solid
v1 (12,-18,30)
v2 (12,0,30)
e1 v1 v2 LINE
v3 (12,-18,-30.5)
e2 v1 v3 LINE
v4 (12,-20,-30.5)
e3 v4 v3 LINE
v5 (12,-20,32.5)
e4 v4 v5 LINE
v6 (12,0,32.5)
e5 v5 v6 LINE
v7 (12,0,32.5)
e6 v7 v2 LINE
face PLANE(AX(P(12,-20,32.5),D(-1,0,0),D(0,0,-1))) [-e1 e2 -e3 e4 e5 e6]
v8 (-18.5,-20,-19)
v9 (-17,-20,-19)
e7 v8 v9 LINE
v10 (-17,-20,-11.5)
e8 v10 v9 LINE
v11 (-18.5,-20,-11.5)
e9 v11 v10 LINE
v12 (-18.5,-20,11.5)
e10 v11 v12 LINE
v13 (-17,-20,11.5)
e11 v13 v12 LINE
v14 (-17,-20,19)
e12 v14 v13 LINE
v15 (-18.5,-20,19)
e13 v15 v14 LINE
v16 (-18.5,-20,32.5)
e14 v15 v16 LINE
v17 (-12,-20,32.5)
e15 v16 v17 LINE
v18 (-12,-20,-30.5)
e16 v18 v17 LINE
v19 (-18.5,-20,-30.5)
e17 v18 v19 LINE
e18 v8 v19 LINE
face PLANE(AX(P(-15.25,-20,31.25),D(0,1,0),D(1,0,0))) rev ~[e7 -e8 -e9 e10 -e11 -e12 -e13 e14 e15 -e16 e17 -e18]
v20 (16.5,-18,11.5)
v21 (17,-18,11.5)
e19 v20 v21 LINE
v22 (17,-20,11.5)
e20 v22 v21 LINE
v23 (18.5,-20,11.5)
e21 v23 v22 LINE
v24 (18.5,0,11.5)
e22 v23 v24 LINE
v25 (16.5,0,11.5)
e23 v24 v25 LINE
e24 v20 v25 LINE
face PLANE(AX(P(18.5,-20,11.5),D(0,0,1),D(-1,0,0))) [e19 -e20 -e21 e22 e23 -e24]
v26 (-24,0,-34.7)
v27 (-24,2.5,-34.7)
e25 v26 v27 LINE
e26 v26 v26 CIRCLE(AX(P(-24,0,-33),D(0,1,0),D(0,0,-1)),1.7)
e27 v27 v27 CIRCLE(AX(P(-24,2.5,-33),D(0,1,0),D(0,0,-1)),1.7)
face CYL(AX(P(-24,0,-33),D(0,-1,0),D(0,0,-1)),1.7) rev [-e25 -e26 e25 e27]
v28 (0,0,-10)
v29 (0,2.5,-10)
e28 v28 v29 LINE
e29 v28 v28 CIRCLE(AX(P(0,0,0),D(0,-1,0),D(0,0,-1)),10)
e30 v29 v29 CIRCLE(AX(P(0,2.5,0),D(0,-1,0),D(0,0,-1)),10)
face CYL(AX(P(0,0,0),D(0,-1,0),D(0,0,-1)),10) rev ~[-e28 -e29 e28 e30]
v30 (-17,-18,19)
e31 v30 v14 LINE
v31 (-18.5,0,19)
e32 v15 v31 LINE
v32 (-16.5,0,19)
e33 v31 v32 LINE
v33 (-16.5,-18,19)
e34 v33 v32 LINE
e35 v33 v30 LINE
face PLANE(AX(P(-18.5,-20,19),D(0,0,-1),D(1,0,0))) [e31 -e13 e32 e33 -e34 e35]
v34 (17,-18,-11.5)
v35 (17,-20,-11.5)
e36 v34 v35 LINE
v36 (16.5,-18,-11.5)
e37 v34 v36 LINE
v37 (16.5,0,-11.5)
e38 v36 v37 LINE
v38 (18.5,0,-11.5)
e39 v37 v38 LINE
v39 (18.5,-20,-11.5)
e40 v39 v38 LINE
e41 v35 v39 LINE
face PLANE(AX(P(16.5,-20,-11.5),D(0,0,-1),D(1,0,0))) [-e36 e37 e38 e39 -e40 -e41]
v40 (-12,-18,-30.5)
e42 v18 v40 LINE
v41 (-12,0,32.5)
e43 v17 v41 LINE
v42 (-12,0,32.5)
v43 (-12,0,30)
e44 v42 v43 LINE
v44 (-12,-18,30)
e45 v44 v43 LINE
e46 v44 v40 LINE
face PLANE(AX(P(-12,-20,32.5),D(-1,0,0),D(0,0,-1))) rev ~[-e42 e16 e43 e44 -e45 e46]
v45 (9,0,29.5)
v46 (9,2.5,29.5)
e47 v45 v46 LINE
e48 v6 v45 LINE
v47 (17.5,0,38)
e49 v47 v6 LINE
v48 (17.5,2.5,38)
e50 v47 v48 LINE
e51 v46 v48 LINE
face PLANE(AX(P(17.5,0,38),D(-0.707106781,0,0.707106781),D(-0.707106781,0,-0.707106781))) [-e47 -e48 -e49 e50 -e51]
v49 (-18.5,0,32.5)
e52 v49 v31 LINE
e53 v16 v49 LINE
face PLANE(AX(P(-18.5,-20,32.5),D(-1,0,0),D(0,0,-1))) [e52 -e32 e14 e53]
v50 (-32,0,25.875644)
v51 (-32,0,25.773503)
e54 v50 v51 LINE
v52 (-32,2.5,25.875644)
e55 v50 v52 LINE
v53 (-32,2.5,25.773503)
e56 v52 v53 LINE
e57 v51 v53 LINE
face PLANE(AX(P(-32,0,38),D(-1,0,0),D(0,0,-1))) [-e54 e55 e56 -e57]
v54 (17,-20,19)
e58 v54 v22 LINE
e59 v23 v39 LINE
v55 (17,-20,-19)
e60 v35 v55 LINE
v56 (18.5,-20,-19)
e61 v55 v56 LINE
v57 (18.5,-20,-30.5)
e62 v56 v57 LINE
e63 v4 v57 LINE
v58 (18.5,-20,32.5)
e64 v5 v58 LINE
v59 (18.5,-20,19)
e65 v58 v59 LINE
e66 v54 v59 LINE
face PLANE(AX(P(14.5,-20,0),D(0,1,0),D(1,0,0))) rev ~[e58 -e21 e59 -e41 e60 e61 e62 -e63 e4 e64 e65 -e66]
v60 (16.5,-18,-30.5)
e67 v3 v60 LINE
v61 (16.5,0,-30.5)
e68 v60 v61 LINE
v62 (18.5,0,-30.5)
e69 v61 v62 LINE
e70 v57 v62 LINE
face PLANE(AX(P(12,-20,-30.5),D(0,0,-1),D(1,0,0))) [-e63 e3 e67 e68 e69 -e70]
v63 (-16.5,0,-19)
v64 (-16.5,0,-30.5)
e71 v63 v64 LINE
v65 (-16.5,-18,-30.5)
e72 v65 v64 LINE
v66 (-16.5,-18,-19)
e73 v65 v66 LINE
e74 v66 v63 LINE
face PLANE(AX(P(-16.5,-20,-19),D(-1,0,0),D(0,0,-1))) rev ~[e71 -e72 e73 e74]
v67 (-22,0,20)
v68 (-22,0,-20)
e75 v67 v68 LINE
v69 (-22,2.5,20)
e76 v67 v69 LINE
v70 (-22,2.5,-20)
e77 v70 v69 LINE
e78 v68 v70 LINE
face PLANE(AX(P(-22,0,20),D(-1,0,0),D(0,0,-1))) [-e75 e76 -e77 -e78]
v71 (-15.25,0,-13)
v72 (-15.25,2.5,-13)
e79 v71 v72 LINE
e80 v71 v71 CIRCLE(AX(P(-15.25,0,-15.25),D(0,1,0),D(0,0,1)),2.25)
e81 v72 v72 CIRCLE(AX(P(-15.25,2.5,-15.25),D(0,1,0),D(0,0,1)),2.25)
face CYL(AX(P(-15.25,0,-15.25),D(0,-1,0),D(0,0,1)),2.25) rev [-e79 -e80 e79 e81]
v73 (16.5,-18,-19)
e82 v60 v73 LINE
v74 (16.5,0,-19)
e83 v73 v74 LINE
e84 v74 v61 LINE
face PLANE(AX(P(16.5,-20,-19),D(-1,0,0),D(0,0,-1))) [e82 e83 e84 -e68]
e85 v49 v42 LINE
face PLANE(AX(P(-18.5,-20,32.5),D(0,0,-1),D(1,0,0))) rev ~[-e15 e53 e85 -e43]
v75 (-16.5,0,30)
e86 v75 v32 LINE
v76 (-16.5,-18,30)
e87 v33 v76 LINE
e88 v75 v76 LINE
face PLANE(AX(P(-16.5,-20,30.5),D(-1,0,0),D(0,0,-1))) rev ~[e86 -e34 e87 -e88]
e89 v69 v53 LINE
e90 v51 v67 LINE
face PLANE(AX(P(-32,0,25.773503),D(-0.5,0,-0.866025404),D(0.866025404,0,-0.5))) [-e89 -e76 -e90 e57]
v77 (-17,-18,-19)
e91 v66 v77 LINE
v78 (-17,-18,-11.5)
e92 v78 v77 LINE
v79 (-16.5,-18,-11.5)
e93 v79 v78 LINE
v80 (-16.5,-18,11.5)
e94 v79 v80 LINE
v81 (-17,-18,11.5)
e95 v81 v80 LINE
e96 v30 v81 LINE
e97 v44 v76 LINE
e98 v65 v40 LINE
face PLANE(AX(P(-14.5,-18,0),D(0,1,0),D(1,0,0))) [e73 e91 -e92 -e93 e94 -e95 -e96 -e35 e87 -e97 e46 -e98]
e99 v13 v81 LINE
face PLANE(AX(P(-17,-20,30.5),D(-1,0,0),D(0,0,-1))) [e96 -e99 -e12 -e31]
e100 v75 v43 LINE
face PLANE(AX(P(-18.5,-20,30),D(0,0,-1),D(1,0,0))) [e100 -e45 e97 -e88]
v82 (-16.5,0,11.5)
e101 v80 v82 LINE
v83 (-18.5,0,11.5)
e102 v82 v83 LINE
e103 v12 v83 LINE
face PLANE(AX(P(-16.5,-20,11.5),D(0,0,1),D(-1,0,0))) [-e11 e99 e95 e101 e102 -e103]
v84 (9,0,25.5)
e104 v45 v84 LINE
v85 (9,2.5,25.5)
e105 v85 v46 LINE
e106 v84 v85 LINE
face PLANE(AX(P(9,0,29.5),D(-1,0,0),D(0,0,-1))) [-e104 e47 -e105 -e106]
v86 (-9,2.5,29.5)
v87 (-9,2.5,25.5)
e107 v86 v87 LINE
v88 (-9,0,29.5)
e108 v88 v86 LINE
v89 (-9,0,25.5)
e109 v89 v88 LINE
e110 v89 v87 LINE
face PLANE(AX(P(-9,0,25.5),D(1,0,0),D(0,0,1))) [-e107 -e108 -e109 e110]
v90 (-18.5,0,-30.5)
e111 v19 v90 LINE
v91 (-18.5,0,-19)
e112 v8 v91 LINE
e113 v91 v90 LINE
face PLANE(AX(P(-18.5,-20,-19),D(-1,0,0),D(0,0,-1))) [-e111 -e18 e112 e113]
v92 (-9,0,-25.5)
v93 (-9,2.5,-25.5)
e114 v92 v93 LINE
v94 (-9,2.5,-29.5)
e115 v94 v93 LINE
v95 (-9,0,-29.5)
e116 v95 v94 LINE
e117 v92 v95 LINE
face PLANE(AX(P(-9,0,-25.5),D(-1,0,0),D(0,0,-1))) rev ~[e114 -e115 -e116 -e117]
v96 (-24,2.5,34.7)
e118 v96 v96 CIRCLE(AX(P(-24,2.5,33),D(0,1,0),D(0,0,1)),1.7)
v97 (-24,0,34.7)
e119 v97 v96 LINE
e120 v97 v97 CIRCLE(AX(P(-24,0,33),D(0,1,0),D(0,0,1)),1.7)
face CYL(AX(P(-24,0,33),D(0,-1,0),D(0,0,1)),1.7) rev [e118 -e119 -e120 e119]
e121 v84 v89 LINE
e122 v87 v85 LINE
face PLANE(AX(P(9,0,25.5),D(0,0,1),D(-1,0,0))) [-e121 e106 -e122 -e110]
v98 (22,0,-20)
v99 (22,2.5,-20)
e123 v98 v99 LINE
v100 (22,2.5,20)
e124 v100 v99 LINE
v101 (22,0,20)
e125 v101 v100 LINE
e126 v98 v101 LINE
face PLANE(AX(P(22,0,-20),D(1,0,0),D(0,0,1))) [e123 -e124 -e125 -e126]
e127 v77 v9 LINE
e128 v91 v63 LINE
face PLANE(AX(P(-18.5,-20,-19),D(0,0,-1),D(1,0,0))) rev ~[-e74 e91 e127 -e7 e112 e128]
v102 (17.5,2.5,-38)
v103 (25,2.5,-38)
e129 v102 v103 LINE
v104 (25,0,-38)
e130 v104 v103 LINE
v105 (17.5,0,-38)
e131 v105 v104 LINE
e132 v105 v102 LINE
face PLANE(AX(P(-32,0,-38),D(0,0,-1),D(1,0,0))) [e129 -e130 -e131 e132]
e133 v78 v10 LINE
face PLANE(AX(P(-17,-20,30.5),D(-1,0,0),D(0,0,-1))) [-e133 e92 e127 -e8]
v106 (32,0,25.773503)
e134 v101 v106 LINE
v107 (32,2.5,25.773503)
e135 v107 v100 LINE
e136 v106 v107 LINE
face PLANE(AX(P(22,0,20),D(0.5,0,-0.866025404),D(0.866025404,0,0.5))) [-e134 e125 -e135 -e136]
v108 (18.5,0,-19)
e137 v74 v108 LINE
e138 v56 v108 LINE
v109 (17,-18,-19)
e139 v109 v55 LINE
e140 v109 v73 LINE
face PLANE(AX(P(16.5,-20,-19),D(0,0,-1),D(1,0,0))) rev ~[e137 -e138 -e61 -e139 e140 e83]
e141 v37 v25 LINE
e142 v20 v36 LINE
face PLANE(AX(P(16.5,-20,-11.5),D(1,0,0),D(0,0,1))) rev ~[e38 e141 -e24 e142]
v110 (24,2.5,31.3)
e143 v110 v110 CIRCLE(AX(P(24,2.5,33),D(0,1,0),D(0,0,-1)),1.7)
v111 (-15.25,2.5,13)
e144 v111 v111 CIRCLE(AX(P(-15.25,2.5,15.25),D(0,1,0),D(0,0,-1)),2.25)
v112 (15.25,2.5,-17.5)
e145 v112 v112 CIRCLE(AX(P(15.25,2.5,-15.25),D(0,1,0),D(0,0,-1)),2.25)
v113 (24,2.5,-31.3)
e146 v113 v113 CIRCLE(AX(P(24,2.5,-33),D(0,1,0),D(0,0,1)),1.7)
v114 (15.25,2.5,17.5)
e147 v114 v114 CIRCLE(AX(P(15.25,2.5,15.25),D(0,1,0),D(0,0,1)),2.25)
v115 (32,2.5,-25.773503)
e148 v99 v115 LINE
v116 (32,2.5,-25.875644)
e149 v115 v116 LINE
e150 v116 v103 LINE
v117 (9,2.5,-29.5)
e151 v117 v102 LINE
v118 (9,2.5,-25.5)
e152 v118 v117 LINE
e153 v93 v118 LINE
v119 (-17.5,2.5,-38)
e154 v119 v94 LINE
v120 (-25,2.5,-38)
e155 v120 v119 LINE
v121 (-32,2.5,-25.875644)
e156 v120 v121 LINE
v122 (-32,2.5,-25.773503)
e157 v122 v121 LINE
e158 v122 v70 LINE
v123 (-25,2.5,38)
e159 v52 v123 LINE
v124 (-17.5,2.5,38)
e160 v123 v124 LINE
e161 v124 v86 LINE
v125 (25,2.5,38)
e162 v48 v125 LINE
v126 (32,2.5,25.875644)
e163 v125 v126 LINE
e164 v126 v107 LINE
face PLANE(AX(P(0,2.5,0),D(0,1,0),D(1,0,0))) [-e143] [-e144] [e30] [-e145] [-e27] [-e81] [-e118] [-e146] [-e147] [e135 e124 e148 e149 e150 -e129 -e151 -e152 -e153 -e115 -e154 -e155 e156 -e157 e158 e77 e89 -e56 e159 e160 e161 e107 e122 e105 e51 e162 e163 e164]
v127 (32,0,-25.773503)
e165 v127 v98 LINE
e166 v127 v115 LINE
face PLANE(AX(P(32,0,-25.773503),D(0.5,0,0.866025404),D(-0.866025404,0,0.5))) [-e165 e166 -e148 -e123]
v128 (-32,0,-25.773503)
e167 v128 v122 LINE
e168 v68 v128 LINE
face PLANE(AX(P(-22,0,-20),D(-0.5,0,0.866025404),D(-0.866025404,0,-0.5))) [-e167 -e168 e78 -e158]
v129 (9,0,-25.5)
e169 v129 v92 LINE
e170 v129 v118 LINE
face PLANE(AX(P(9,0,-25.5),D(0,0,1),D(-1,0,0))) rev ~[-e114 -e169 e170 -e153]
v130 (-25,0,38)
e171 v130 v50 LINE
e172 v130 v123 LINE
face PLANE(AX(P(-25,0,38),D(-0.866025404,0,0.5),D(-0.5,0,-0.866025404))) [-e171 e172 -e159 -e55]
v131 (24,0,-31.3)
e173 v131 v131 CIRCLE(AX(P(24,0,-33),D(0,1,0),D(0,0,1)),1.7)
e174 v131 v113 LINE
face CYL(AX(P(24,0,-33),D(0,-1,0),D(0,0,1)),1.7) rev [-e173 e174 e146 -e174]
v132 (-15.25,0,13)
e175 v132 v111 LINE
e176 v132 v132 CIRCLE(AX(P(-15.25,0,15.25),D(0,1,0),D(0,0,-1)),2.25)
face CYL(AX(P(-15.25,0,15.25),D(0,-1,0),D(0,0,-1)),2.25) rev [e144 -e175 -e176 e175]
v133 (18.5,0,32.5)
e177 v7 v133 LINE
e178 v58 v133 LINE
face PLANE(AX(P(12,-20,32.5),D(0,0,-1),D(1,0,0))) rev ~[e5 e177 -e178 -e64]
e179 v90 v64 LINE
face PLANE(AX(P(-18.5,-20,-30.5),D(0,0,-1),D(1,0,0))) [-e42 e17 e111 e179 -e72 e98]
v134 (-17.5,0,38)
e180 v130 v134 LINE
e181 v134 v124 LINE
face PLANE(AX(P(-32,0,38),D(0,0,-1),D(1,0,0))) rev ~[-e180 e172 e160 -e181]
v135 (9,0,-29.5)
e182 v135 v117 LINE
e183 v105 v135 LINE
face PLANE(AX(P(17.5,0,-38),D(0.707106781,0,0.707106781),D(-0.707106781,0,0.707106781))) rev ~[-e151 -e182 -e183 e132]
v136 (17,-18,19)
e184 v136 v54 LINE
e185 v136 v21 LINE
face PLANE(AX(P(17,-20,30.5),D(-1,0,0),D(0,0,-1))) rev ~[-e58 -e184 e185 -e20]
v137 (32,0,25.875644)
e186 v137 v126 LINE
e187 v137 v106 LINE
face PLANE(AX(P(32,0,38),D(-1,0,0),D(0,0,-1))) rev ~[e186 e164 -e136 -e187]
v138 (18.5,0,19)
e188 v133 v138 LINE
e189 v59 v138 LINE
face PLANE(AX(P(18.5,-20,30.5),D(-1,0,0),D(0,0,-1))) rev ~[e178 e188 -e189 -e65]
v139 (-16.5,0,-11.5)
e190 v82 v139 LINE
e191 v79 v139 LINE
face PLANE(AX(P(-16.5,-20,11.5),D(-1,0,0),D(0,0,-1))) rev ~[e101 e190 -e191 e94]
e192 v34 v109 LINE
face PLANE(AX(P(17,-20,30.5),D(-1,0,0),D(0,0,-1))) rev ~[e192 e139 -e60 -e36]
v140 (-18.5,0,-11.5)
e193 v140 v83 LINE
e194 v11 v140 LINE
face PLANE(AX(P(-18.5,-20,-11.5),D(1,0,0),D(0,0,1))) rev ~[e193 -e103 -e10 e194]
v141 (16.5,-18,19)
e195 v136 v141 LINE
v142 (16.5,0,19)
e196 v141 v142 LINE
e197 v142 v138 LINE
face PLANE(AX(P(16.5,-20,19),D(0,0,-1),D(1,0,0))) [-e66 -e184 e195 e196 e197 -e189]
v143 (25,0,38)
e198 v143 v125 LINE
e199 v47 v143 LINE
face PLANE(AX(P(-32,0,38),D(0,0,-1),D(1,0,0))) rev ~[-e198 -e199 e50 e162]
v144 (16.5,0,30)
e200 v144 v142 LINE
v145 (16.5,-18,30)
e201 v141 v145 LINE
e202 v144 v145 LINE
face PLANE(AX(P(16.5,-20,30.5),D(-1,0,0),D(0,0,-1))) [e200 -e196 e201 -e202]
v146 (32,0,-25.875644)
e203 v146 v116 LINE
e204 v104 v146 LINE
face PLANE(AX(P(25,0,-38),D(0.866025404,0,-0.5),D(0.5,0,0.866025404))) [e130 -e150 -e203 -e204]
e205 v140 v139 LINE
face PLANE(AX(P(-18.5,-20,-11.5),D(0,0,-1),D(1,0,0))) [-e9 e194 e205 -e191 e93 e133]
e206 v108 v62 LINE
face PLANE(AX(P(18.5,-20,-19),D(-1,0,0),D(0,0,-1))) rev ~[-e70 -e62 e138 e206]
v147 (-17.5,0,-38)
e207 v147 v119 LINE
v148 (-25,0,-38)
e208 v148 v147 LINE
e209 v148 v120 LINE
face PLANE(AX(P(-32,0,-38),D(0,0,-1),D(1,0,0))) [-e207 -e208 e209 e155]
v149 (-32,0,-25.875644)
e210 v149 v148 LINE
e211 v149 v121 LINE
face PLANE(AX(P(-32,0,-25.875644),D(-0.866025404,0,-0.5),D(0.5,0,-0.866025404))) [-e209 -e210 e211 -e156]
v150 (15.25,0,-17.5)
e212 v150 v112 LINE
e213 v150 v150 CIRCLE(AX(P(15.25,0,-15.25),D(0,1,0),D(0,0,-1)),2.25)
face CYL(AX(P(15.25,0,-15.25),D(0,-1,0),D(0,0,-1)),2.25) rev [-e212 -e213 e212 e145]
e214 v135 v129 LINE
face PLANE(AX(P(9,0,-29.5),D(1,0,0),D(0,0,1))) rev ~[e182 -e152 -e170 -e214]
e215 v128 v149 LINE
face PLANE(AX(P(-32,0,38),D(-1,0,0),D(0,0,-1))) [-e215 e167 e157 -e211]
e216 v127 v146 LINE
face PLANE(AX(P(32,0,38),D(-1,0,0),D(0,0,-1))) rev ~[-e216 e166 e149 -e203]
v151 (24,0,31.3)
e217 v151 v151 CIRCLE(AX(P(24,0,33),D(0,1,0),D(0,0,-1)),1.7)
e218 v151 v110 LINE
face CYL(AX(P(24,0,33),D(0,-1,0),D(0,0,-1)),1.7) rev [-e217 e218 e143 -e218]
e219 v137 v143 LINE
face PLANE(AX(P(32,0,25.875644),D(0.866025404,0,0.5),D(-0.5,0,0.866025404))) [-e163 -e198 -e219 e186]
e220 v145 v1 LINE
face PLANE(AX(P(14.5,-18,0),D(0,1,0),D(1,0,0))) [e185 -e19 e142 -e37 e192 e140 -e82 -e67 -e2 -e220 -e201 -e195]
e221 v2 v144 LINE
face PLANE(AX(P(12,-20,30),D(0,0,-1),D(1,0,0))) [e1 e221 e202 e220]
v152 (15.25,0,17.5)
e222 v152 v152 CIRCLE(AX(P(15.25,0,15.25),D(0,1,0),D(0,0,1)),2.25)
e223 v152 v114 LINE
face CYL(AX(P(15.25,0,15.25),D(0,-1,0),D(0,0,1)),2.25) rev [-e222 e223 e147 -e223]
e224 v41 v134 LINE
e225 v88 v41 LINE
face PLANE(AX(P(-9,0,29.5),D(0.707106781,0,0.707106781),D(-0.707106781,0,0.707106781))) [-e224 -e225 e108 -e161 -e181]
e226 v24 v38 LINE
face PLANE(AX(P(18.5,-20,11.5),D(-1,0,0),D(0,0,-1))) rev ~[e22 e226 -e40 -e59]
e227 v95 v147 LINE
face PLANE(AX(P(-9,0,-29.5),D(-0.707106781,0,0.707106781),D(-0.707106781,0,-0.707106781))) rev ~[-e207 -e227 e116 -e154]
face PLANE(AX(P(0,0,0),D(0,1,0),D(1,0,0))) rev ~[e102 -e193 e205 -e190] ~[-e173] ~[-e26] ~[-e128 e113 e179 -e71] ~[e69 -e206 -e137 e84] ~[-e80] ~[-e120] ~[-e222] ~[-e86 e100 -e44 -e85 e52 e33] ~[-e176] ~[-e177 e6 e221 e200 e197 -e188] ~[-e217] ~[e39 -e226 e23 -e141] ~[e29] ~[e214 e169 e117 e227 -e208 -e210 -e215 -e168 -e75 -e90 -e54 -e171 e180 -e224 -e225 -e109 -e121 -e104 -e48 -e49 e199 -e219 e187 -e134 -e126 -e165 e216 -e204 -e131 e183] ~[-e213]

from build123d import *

# Parameters (mm, degrees)
SKETCH_1_W          = 64
SKETCH_1_H          = 76
SKETCH_1_R          = 2.25
SKETCH_1_R_2        = 1.7
EXTRUDE_1_DEPTH     = 2.5
EXTRUDE_START       = -20
SKETCH_2_W          = 5
SKETCH_2_H          = 61
EXTRUDE_2_DEPTH     = 2
EXTRUDE_2_2_DEPTH   = 2
SKETCH_3_W          = 2
SKETCH_3_H          = 11.5
EXTRUDE_3_DEPTH     = 20
SKETCH_4_W          = 6.5
SKETCH_4_H          = 2.5
EXTRUDE_4_DEPTH     = 20
SKETCH_5_R          = 10
CUT_EXTRUDE_1_DEPTH = 10


with BuildPart() as part:
    # 草图1 → 凸台-拉伸1 (new body)
    with BuildSketch(Plane(origin=(0, 0, 0), x_dir=(1, 0, 0), z_dir=(0, 1, 0))):
        Rectangle(SKETCH_1_W, SKETCH_1_H)
        with Locations(Location((-15.25, 15.25, 0), (0, 0, 270))):
            Circle(SKETCH_1_R, mode=Mode.SUBTRACT)
        with Locations(Location((-24, -33, 0), (0, 0, 270))):
            Circle(SKETCH_1_R_2, mode=Mode.SUBTRACT)
        with Locations(Location((24, -33, 0), (0, 0, 90))):
            Circle(SKETCH_1_R_2, mode=Mode.SUBTRACT)
        with Locations(Location((24, 33, 0), (0, 0, 270))):
            Circle(SKETCH_1_R_2, mode=Mode.SUBTRACT)
        with Locations(Location((-24, 33, 0), (0, 0, 90))):
            Circle(SKETCH_1_R_2, mode=Mode.SUBTRACT)
        with Locations(Location((15.25, 15.25, 0), (0, 0, 90))):
            Circle(SKETCH_1_R, mode=Mode.SUBTRACT)
        with Locations(Location((15.25, -15.25, 0), (0, 0, 270))):
            Circle(SKETCH_1_R, mode=Mode.SUBTRACT)
        with Locations(Location((-15.25, -15.25, 0), (0, 0, 90))):
            Circle(SKETCH_1_R, mode=Mode.SUBTRACT)
    extrude(amount=EXTRUDE_1_DEPTH)



with BuildPart() as body_2:
    # 草图2 → 凸台-拉伸2 (new body)
    with BuildSketch(Plane(origin=(0, 0, 0), x_dir=(1, 0, 0), z_dir=(0, 1, 0)).offset(EXTRUDE_START)):
        with Locations((14.5, 0)):
            Rectangle(SKETCH_2_W, SKETCH_2_H)
    extrude(amount=EXTRUDE_2_DEPTH)


with BuildPart() as body_3:
    # 草图2 → Extrude 2 2 (new body)
    with BuildSketch(Plane(origin=(0, 0, 0), x_dir=(1, 0, 0), z_dir=(0, 1, 0)).offset(EXTRUDE_START)):
        with Locations((-14.5, 0)):
            Rectangle(SKETCH_2_W, SKETCH_2_H)
    extrude(amount=EXTRUDE_2_2_DEPTH)


with BuildPart() as part_1:
    add(part.part)

    add(body_2.part)  # 凸台-拉伸3 merges body 2

    add(body_3.part)  # 凸台-拉伸3 merges body 3
    # 草图3 → 凸台-拉伸3 (add)
    with BuildSketch(Plane(origin=(0, 0, 0), x_dir=(1, 0, 0), z_dir=(0, 1, 0)).offset(EXTRUDE_START)):
        with Locations((17.5, -24.75)):
            Rectangle(SKETCH_3_W, SKETCH_3_H)
        with Locations((-17.5, -24.75)):
            Rectangle(SKETCH_3_W, SKETCH_3_H)
        Polygon((16.5, -1), (16.5, 11.5), (18.5, 11.5), (18.5, -1), (18.5, -11.5), (16.5, -11.5), align=None)
        with Locations((17.5, 24.75)):
            Rectangle(SKETCH_3_W, SKETCH_3_H)
        Polygon((-18.5, -1), (-18.5, 11.5), (-16.5, 11.5), (-16.5, -1), (-16.5, -11.5), (-18.5, -11.5), align=None)
        with Locations((-17.5, 24.75)):
            Rectangle(SKETCH_3_W, SKETCH_3_H)
    extrude(amount=EXTRUDE_3_DEPTH)

    # 草图4 → 凸台-拉伸4 (add)
    with BuildSketch(Plane(origin=(0, 0, 0), x_dir=(1, 0, 0), z_dir=(0, 1, 0)).offset(EXTRUDE_START)):
        with Locations((-15.25, -31.25)):
            Rectangle(SKETCH_4_W, SKETCH_4_H)
        with Locations((15.25, -31.25)):
            Rectangle(SKETCH_4_W, SKETCH_4_H)
    extrude(amount=EXTRUDE_4_DEPTH)

    # 草图5 → 切除-拉伸1 (cut)
    with BuildSketch(Plane.XZ):
        with Locations(Location((0, 0, 0), (0, 0, 270))):
            Circle(SKETCH_5_R)
        Polygon((-22, 20), (-22, -20), (-32, -25.773502692), (-32, 25.773502692), align=None)
        Polygon((22, 20), (32, 25.773502692), (32, -25.773502692), (22, -20), align=None)
        Polygon((-17.5, 38), (17.5, 38), (9, 29.5), (9, 25.5), (-9, 25.5), (-9, 29.5), align=None)
        Polygon((-32, -25.875644347), (-25, -38), (-32, -38), align=None)
        Polygon((32, -25.875644347), (32, -38), (25, -38), align=None)
        Polygon((32, 25.875644347), (25, 38), (32, 38), align=None)
        Polygon((-32, 25.875644347), (-32, 38), (-25, 38), align=None)
        Polygon((17.5, -38), (9, -29.5), (9, -25.5), (-9, -25.5), (-9, -29.5), (-17.5, -38), align=None)
    extrude(amount=-CUT_EXTRUDE_1_DEPTH, mode=Mode.SUBTRACT)


solid = part_1.part
